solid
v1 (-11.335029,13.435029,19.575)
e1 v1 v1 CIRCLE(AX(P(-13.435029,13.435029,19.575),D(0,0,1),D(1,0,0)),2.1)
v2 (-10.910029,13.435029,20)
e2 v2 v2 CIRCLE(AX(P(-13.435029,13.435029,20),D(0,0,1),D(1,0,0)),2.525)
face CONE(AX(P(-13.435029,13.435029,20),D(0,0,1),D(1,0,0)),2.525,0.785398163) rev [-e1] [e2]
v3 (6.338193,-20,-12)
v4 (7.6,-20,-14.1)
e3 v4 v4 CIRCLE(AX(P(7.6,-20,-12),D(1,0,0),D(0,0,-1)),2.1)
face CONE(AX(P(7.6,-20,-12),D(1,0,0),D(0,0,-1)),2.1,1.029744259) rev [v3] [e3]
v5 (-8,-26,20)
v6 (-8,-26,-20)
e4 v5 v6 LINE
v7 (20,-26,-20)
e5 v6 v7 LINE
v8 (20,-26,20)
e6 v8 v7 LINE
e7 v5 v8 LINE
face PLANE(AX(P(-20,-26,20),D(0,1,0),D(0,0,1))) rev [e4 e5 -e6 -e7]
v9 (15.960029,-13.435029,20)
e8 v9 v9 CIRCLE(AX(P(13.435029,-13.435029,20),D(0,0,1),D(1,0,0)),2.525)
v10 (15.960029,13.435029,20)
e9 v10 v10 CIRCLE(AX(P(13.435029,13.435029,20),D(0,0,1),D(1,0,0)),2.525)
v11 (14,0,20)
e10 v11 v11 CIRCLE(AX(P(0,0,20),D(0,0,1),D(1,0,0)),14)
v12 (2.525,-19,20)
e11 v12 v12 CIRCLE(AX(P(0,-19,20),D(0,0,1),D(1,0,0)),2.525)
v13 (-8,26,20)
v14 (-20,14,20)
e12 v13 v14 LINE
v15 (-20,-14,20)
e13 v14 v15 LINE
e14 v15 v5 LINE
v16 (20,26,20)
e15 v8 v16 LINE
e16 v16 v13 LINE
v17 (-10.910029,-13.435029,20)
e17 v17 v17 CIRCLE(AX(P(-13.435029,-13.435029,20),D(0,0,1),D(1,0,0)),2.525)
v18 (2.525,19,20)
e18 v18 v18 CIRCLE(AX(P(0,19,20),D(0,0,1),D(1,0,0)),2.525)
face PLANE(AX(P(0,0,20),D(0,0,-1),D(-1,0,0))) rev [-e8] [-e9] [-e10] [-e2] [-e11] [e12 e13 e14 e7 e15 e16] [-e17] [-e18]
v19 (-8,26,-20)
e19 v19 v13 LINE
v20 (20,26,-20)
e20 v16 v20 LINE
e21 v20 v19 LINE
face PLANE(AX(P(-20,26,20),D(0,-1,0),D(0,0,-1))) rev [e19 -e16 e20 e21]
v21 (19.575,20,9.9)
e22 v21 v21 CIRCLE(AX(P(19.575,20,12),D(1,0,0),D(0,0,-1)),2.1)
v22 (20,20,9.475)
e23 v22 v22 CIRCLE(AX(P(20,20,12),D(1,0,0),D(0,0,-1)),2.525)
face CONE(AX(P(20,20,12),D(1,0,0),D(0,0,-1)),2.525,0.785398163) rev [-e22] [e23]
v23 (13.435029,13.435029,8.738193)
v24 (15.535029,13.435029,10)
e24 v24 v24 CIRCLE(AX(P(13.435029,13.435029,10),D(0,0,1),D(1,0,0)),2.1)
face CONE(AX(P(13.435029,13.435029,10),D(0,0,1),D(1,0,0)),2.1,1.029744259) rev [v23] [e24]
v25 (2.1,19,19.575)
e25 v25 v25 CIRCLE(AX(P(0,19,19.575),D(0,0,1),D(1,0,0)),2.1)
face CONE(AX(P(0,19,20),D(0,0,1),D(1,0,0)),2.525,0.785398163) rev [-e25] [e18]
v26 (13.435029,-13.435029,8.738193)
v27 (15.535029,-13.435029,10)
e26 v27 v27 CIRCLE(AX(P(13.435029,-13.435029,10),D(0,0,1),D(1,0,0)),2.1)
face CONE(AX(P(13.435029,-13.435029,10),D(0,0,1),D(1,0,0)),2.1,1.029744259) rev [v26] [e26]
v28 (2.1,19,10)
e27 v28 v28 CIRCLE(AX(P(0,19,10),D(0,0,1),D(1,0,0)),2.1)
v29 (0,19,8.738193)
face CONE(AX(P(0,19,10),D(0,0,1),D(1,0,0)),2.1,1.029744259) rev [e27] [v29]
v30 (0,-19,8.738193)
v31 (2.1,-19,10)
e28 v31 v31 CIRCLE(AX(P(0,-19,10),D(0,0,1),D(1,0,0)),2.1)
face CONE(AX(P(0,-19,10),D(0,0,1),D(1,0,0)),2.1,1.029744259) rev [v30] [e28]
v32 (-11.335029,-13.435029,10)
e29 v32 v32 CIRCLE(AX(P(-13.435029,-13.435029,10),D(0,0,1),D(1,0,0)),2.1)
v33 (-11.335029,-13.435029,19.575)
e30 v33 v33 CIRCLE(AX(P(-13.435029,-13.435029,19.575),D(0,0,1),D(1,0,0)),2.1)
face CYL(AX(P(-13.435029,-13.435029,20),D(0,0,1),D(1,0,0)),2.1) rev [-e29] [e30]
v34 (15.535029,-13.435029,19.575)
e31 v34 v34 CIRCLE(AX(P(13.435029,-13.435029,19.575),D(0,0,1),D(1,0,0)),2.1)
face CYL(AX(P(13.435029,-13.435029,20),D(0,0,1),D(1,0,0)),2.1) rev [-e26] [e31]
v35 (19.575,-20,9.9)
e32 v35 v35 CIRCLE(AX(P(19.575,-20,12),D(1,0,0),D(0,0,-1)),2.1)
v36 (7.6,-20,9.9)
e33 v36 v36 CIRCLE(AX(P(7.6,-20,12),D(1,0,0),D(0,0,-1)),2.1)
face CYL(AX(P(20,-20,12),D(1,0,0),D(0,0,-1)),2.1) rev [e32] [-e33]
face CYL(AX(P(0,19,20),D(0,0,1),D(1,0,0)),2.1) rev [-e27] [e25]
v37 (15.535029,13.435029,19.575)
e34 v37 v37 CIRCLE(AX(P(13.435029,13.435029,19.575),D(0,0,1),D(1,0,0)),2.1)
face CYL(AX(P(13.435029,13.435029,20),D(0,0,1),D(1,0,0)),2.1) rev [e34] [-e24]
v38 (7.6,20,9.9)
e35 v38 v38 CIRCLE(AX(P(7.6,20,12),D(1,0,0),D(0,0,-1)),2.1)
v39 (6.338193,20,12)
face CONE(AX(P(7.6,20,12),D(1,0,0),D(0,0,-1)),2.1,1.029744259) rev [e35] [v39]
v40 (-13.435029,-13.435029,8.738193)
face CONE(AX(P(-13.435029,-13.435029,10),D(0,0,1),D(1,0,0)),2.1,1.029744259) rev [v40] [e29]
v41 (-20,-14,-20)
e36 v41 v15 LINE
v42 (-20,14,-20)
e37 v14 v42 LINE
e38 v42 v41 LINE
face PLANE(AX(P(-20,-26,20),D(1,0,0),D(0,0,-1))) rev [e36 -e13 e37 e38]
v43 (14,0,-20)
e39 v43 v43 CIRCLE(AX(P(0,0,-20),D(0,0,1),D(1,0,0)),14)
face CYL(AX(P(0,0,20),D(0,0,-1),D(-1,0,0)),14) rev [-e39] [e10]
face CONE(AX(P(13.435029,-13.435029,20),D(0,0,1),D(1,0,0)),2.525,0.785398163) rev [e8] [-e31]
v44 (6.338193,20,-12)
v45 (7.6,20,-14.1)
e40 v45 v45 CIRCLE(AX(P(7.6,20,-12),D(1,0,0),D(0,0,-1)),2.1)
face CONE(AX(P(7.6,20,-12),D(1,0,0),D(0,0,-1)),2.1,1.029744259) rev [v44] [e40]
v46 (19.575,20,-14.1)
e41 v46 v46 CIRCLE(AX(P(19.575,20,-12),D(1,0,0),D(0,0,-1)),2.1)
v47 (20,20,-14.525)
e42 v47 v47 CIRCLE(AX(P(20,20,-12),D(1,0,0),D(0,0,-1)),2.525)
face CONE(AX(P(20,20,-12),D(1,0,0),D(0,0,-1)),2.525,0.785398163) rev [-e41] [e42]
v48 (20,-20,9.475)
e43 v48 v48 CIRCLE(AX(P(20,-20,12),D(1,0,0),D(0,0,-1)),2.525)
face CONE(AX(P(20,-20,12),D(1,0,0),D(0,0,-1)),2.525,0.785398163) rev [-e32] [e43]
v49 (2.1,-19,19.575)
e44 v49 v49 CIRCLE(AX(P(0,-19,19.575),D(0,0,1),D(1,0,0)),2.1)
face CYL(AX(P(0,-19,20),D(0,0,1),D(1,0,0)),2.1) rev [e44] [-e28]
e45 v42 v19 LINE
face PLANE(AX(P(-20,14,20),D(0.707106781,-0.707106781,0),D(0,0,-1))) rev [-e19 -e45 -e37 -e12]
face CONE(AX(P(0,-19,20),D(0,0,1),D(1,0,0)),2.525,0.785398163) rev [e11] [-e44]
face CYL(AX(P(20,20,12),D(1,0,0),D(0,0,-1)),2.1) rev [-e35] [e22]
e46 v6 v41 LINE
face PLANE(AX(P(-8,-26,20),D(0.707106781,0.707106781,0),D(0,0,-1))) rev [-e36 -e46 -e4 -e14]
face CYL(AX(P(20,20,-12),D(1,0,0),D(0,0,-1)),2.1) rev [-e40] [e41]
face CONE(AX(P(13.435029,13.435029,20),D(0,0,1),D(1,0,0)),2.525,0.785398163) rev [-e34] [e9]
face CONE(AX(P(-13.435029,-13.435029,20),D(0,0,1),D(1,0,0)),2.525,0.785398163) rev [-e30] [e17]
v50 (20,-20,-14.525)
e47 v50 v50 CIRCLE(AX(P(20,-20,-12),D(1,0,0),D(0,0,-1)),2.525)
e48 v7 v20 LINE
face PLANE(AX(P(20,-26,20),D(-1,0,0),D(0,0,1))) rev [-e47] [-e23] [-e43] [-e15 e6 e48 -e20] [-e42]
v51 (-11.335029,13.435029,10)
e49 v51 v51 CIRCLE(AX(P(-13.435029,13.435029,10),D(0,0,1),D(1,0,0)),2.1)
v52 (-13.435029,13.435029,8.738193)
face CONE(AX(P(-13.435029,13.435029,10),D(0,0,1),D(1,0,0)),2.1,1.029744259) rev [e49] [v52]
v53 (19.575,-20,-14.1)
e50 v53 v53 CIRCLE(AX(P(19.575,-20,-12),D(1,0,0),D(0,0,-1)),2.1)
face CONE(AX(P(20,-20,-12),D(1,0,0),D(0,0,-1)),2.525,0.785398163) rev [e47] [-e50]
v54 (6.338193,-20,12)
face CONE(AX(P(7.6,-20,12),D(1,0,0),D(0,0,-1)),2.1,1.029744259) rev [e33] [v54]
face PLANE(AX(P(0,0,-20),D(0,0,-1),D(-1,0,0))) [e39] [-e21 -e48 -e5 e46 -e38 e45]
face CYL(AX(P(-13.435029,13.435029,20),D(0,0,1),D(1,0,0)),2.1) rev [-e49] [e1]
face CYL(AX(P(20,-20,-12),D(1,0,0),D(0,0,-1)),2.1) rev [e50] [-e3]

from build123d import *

# Parameters (mm, degrees)
SKETCH1_W                       = 40
SKETCH1_H                       = 52
SKETCH1_R                       = 14
BOSS_EXTRUDE1_DEPTH             = 20
M5X0_8_TAPPED_HOLE1_D           = 4.2
M5X0_8_TAPPED_HOLE1_DEPTH       = 10
M5X0_8_TAPPED_HOLE1_CSINK_D     = 5.05
M5X0_8_TAPPED_HOLE1_CSINK_ANGLE = 90
M5X0_8_TAPPED_HOLE1_TIP         = 1.2618073
CHAMFER1_SIZE                   = 12
M5X0_8_TAPPED_HOLE2_D           = 4.2
M5X0_8_TAPPED_HOLE2_DEPTH       = 12.4
M5X0_8_TAPPED_HOLE2_CSINK_D     = 5.05
M5X0_8_TAPPED_HOLE2_CSINK_ANGLE = 90
M5X0_8_TAPPED_HOLE2_TIP         = 1.2618073


with BuildPart() as part:
    # Sketch1 → Boss-Extrude1 (new, symmetric)
    with BuildSketch(Plane.XY):
        Rectangle(SKETCH1_W, SKETCH1_H)
        Circle(SKETCH1_R, mode=Mode.SUBTRACT)
    extrude(amount=BOSS_EXTRUDE1_DEPTH, both=True)

    # M5x0.8 Tapped Hole1
    with Locations(Plane.XY.offset(20)):
        with Locations((-13.435028843, 13.435028843), (0, 19), (13.435028843, 13.435028843), (13.435028843, -13.435028843), (0, -19), (-13.435028843, -13.435028843)):
            CounterSinkHole(M5X0_8_TAPPED_HOLE1_D / 2, M5X0_8_TAPPED_HOLE1_CSINK_D / 2, depth=M5X0_8_TAPPED_HOLE1_DEPTH, counter_sink_angle=M5X0_8_TAPPED_HOLE1_CSINK_ANGLE)
            with Locations((0, 0, -(M5X0_8_TAPPED_HOLE1_DEPTH + M5X0_8_TAPPED_HOLE1_TIP / 2))):  # 118° drill point
                Cone(0, M5X0_8_TAPPED_HOLE1_D / 2, M5X0_8_TAPPED_HOLE1_TIP, mode=Mode.SUBTRACT)

    # Chamfer1
    chamfer1_edges = [part.edges().sort_by_distance(p)[0] for p in [
        (-20, -26, 0),
        (-20, 26, 0),
    ]]
    chamfer(chamfer1_edges, length=CHAMFER1_SIZE)

    # M5x0.8 Tapped Hole2
    with Locations(Plane(origin=(20, 0, 0), x_dir=(0, 0, -1), z_dir=(1, 0, 0))):
        with Locations((-12, 20), (12, 20), (12, -20), (-12, -20)):
            CounterSinkHole(M5X0_8_TAPPED_HOLE2_D / 2, M5X0_8_TAPPED_HOLE2_CSINK_D / 2, depth=M5X0_8_TAPPED_HOLE2_DEPTH, counter_sink_angle=M5X0_8_TAPPED_HOLE2_CSINK_ANGLE)
            with Locations((0, 0, -(M5X0_8_TAPPED_HOLE2_DEPTH + M5X0_8_TAPPED_HOLE2_TIP / 2))):  # 118° drill point
                Cone(0, M5X0_8_TAPPED_HOLE2_D / 2, M5X0_8_TAPPED_HOLE2_TIP, mode=Mode.SUBTRACT)


solid = part.part
